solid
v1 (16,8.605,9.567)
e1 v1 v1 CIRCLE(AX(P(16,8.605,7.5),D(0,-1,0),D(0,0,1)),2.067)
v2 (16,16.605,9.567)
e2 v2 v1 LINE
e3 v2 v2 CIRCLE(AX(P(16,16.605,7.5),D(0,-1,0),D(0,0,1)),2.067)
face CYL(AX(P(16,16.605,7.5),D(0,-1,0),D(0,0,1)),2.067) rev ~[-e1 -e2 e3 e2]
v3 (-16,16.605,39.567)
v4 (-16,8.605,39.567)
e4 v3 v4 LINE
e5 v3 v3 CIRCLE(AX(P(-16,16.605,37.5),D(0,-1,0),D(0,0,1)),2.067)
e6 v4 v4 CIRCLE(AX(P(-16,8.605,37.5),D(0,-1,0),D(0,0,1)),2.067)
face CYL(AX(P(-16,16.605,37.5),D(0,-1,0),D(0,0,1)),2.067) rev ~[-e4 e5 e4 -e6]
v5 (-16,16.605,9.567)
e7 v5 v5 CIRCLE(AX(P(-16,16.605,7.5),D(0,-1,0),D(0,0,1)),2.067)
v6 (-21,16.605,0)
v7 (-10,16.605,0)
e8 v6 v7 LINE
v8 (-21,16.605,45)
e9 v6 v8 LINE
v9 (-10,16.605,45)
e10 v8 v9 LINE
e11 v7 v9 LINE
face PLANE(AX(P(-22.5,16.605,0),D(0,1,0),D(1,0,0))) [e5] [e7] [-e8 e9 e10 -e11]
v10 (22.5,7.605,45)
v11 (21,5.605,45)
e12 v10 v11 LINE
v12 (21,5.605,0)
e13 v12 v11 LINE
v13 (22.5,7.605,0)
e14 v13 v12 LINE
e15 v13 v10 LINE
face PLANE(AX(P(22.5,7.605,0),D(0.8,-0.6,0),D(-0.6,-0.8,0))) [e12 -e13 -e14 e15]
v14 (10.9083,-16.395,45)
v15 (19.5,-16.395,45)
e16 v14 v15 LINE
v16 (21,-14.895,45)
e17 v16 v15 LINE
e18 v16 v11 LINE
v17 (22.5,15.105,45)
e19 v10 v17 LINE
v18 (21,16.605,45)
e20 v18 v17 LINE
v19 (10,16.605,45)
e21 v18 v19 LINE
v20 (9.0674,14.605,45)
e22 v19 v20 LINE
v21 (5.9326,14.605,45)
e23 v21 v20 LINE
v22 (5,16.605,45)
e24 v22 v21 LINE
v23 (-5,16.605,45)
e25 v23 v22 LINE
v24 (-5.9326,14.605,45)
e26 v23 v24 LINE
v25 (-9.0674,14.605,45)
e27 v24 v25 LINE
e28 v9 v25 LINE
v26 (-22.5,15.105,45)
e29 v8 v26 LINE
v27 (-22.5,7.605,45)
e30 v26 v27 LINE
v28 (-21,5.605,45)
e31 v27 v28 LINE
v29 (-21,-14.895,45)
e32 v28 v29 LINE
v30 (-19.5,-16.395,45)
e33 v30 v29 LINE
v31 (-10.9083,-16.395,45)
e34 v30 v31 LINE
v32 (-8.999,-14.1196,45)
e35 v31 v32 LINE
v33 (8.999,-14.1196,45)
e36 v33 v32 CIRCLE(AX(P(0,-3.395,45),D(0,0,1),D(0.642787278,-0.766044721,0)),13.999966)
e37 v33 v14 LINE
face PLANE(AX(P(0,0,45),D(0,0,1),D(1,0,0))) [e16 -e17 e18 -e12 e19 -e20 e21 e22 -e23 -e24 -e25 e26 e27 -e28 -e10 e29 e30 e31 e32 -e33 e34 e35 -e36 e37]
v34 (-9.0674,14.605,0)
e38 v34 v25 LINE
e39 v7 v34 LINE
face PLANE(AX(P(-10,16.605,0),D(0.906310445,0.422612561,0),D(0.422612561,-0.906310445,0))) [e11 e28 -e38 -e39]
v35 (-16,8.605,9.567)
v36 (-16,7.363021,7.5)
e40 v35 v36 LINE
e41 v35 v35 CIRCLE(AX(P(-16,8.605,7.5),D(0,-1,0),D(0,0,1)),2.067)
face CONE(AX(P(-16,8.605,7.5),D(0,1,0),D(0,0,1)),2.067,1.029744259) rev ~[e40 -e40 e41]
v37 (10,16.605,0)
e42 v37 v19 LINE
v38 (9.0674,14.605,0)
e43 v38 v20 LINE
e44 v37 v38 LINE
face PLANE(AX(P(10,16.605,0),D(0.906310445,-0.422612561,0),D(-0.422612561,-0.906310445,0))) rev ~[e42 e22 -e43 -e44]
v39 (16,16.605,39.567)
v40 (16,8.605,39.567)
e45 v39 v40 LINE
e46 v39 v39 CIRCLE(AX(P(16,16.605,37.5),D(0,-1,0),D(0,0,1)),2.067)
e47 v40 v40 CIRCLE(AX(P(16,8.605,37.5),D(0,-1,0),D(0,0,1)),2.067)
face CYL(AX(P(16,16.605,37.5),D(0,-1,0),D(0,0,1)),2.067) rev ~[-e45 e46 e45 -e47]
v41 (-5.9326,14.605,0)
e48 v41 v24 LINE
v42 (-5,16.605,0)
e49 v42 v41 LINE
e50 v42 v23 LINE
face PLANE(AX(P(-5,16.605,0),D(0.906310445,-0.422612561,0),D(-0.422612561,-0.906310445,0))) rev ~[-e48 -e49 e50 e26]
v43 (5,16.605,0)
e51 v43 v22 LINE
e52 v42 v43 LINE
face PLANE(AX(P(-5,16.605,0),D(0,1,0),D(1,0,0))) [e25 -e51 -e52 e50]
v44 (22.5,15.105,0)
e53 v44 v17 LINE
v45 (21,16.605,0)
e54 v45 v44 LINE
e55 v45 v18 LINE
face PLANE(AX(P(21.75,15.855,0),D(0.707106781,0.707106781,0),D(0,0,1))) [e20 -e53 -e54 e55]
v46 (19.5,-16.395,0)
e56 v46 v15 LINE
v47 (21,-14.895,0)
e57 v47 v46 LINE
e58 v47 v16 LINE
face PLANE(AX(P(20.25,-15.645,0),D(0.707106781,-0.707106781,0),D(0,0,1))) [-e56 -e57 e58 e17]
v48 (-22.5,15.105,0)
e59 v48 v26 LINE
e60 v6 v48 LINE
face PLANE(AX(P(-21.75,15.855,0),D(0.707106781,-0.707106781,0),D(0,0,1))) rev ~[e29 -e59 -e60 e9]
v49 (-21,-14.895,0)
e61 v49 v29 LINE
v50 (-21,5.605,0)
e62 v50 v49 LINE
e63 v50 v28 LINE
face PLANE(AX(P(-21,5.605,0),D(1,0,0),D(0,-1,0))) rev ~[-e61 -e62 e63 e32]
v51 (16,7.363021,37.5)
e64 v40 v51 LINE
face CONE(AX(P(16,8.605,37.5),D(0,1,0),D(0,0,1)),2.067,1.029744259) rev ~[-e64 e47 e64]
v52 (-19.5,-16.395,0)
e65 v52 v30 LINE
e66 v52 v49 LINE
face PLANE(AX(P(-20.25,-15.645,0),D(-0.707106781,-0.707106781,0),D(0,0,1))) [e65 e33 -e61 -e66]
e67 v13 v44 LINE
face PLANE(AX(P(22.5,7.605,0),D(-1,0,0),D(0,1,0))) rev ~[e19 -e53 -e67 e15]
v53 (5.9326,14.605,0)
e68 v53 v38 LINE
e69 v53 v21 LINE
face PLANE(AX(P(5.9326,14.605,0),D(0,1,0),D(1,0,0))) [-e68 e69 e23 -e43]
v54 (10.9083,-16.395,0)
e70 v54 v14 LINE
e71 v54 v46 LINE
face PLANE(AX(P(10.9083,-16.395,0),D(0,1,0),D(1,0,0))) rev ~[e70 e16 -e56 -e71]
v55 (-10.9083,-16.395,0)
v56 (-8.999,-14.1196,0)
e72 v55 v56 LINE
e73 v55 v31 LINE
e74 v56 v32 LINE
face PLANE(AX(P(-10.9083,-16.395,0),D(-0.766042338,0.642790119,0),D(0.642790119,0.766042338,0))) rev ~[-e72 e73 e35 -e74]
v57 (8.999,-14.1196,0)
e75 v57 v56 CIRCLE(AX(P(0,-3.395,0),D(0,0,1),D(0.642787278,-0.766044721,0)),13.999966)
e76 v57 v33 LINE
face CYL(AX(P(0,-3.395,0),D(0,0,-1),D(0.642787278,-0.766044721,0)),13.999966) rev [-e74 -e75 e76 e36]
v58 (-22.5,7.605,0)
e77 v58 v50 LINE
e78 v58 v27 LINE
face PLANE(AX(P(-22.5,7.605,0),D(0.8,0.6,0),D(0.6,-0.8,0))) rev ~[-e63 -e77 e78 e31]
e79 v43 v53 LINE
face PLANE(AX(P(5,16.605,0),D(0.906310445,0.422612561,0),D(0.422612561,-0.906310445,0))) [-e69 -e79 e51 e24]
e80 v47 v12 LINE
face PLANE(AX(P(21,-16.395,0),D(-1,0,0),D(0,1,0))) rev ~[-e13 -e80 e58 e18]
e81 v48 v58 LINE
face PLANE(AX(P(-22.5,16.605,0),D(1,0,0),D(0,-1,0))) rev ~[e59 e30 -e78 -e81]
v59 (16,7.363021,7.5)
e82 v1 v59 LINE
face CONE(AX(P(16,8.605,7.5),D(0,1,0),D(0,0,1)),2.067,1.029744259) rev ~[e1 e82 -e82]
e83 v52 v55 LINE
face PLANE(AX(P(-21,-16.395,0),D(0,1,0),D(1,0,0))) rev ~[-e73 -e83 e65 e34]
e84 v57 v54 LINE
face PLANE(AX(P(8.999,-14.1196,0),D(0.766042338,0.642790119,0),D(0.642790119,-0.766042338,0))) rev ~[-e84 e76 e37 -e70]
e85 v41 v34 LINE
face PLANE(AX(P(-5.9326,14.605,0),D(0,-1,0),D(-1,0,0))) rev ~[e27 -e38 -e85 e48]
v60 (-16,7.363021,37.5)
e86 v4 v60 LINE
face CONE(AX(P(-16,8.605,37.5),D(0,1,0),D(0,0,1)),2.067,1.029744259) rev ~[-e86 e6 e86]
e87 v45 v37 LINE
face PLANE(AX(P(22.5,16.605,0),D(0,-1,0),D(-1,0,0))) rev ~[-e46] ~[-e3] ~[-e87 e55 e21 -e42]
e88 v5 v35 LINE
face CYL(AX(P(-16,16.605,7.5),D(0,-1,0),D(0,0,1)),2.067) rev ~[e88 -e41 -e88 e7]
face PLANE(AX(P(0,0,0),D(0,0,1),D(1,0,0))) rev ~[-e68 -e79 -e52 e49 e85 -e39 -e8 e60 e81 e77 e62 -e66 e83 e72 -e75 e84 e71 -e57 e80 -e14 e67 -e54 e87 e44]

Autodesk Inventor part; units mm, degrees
ref_plane "YZ Plane" through (0, 0, 0) normal (1, 0, 0) x (0, 1, 0)
ref_plane "XZ Plane" through (0, 0, 0) normal (0, 1, 0) x (-1, 0, 0)
ref_plane "XY Plane" through (0, 0, 0) normal (0, 0, 1) x (1, 0, 0)
sketch "Esboço1" plane through (0, 0, 0) normal (0, 0, 1) x (1, 0, 0)
  line L0 (-22.5, 16.605) -> (22.5, 16.605) construction
  line L1 (22.5, 16.605) -> (22.5, -16.395) construction
  line L2 (22.5, -16.395) -> (-22.5, -16.395) construction
  line L3 (-22.5, -16.395) -> (-22.5, 16.605) construction
  line L4 (-14, 20.4248) -> (-14, -25.3484) construction
  line L5 (14, 20.4248) -> (14, -25.3484) construction
  line L6 (0, 20.9223) -> (0, -24.8509) construction
  line L7 (-26.3196, -3.395) -> (26.3196, -3.395) construction
  line L8 (-26.3196, 7.605) -> (26.3196, 7.605) construction
  line L9 (-21, 20.7786) -> (-21, -24.9946) construction
  line L10 (21, 20.4248) -> (21, -25.3484) construction
  line L11 (0, -3.395) -> (-21.4941, -29.0107) construction
  line L12 (0, -3.395) -> (21.8166, -29.395) construction
  line L13 (-10, 20.4248) -> (-10, -25.3484) construction
  line L14 (-5, 20.4248) -> (-5, -25.3484) construction
  line L15 (5, 20.9223) -> (5, -24.8509) construction
  line L16 (10, 20.9223) -> (10, -24.8509) construction
  line L17 (-26.3196, 5.605) -> (26.3196, 5.605) construction
  line L18 (-22.5, 16.605) -> (-22.5, 7.605)
  line L19 (-22.5, 7.605) -> (-21, 5.605)
  line L20 (-21, 5.605) -> (-21, -16.395)
  line L21 (-21, -16.395) -> (-10.9083, -16.395)
  line L22 (-10.9083, -16.395) -> (-8.999, -14.1196)
  line L23 (8.999, -14.1196) -> (10.9083, -16.395)
  line L24 (10.9083, -16.395) -> (21, -16.395)
  line L25 (22.5, 7.605) -> (22.5, 16.605)
  line L26 (26.3196, 14.605) -> (-26.3196, 14.605) construction
  line L27 (-22.5, 16.605) -> (-10, 16.605)
  line L28 (-5, 16.605) -> (5, 16.605)
  line L29 (22.5, 16.605) -> (10, 16.605)
  arc A0 (8.999, -14.1196) -> (-8.999, -14.1196) centre (0, -3.395) ccw
  line L30 (-10, 16.605) -> (-7.6714, 16.605) construction
  line L31 (-10, 16.605) -> (-9.0674, 14.605)
  line L32 (-10, 16.605) -> (-7.7932, 16.605) construction
  line L33 (-5, 16.605) -> (-5.9326, 14.605)
  line L34 (-5, 16.605) -> (-2.7932, 16.605) construction
  line L35 (-5.9326, 14.605) -> (-9.0674, 14.605)
  line L36 (5, 16.605) -> (5.9326, 14.605)
  line L37 (10, 16.605) -> (9.0674, 14.605)
  line L38 (5.9326, 14.605) -> (9.0674, 14.605)
  line L39 (21, -16.395) -> (21, 5.605)
  line L40 (22.5, 7.605) -> (21, 5.605)
  point P0 (0, 0)
  point P1 (0, 16.605)
  point P2 (0, 7.605)
  dimension "largura" = 45
  dimension "altura" = 33
  dimension "d2" = 14
  dimension "d3" = 14
  dimension "d4" = 20
  dimension "d5" = 9
  dimension "d7" = 1.5
  dimension "d8" = 1.5
  dimension "d9" = 40
  dimension "d10" = 40
  dimension "d11" = 5
  dimension "d12" = 5
  dimension "d13" = 10
  dimension "d14" = 10
  dimension "d15" = 2
  dimension "d16" = 2
  dimension "d18" = 14
  dimension "d21" = 115
  dimension "d22" = 115
  dimension "d23" = 115
  dimension "d24" = 115
extrude "Extrusão1" add sketch "Esboço1" along normal blind 45
chamfer "Chanfro1" distance 1.5 angle 45 4 edges at (22.5, 16.605, 22.5) (-22.5, 16.605, 22.5) (21, -16.395, 22.5) (-21, -16.395, 22.5)
sketch "Esboço2" plane through (-10, 16.605, 45) normal (0, 1, 0) x (1, 0, 0)
  line L0 (-12.5, 45) -> (-12.5, 0) construction
  line L1 (-12.5, 22.5) -> (32.5, 22.5) construction
  line L2 (32.5, 45) -> (32.5, 0) construction
  line L3 (10, 45) -> (10, 0) construction
  circle A0 centre (-6, 7.5) radius 1 construction
  circle A1 centre (26, 7.5) radius 1 construction
  circle A2 centre (-6, 37.5) radius 1 construction
  circle A3 centre (26, 37.5) radius 1 construction
  dimension "d31" = 2
  dimension "d32" = 2
  dimension "d33" = 2
  dimension "d34" = 2
  dimension "d35" = 16
  dimension "d36" = 16
  dimension "d37" = 16
  dimension "d38" = 16
  dimension "d39" = 15
  dimension "d40" = 15
  dimension "d41" = 15
  dimension "d42" = 15
hole "Furo1" at (-16, 16.605, 37.5) at (-16, 16.605, 7.5) at (16, 16.605, 7.5) at (16, 16.605, 37.5) direction (0, -1, 0) diameter 4.134 depth 8 tip angle 118 thread size "M5x0.8" class "6H" standard "ANSI Metric M Profile"
equation "\"d3\" = d2"
equation "\"d8\" = d7"
equation "\"d10\" = d9"
equation "\"d12\" = d11"
equation "\"d14\" = d13"
equation "\"d32\" = d31"
equation "\"d33\" = d31"
equation "\"d34\" = d31"
equation "\"d40\" = d39"
equation "\"d41\" = d39"
equation "\"d42\" = d39"
properties part number "PilowBlockAbertoSBR16"
